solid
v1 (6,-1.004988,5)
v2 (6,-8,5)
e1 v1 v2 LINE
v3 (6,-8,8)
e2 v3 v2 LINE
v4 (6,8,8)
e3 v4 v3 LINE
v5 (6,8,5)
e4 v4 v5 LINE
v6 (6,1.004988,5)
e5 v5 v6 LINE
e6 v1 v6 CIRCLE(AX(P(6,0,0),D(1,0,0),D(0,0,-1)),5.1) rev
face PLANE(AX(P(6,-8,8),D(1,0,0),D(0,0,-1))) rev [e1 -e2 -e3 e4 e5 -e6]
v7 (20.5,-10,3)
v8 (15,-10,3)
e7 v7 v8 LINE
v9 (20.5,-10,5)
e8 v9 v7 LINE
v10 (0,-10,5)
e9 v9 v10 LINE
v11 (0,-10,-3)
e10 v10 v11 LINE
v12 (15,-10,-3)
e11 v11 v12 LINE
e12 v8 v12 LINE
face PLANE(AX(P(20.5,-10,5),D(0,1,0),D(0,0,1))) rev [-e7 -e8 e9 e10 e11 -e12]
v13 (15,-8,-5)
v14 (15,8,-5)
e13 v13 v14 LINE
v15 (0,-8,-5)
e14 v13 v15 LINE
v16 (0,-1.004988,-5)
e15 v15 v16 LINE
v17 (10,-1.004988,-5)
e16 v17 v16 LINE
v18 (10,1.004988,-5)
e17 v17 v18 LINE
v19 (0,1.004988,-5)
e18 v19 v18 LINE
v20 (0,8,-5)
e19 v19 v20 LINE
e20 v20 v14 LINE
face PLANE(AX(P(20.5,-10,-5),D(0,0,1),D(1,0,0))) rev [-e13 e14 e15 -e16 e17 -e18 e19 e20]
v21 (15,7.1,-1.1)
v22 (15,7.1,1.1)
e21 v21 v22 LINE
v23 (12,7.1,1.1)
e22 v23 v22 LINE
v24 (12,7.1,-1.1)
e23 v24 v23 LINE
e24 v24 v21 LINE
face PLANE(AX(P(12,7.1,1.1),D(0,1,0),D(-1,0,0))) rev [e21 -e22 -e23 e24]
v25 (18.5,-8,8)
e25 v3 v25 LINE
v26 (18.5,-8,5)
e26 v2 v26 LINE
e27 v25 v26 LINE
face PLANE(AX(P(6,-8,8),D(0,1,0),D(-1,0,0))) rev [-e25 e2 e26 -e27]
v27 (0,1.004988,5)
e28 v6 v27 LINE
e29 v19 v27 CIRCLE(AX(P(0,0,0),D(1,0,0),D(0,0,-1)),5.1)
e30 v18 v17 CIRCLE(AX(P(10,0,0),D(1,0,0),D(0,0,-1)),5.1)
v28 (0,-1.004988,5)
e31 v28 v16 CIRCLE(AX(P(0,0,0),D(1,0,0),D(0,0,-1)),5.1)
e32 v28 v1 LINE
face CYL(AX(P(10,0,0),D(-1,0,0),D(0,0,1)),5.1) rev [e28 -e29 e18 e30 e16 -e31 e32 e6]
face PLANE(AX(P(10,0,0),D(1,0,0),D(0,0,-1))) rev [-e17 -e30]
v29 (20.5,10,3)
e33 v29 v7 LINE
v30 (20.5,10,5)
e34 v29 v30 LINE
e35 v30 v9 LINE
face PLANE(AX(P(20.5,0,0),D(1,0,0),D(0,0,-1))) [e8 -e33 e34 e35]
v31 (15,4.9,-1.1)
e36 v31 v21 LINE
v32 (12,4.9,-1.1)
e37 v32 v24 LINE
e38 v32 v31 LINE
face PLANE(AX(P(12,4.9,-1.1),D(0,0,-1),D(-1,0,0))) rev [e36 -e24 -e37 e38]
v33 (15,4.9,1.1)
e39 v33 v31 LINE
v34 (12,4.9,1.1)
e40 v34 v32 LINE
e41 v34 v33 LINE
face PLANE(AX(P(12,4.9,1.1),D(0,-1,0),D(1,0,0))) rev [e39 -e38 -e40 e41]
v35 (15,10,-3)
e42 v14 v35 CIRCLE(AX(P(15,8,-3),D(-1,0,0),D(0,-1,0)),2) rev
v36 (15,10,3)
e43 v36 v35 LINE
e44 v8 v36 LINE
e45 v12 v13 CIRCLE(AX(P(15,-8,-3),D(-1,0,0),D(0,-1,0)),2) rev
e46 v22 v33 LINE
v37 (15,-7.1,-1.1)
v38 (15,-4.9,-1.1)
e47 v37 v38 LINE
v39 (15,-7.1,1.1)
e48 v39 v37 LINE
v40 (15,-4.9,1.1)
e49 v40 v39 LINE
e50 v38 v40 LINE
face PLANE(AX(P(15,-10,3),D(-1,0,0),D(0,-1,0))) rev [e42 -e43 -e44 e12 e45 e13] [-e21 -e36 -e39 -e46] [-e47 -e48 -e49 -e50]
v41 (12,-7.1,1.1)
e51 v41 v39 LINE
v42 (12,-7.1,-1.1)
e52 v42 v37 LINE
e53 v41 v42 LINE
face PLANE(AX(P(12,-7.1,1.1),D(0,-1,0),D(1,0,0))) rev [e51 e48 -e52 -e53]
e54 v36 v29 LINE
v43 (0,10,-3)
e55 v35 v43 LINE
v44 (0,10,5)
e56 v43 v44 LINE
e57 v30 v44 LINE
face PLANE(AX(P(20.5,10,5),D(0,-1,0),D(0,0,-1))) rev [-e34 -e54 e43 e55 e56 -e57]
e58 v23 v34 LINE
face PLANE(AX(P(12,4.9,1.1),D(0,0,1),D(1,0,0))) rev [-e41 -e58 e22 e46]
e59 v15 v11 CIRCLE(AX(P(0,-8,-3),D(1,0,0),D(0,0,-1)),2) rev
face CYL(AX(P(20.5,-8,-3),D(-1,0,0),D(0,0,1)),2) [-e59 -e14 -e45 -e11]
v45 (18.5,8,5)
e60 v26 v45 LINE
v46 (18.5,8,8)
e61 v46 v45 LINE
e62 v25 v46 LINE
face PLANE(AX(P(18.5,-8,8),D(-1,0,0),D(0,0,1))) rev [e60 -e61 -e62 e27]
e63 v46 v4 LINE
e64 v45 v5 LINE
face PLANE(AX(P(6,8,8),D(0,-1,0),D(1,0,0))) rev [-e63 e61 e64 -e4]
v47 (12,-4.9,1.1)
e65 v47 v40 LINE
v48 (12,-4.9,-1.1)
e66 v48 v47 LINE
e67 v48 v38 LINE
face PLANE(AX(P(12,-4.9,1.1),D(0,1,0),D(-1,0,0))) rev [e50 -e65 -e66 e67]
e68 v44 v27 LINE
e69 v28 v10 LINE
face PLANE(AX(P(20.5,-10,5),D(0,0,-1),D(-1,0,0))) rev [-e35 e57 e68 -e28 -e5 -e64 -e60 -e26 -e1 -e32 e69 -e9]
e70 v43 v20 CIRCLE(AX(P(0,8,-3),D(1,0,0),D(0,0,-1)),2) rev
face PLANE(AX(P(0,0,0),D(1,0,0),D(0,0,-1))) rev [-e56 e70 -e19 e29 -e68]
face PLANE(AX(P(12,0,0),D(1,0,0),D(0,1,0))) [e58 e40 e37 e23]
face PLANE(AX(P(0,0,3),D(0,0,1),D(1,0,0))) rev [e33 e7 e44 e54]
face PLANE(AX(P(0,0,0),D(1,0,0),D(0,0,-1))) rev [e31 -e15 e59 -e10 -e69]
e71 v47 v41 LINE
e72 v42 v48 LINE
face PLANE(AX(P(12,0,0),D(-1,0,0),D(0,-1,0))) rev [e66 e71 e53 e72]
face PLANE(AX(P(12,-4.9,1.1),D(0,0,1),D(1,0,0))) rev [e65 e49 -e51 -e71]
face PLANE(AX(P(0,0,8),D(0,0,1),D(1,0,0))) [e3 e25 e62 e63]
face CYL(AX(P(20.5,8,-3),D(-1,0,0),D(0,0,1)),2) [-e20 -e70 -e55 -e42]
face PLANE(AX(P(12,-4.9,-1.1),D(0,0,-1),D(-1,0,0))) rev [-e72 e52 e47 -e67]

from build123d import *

# Parameters (mm, degrees)
SKETCH1_W           = 20
SKETCH1_H           = 10
BOSS_EXTRUDE1_DEPTH = 20.5
SKETCH5_W           = 16
SKETCH5_H           = 12.5
BOSS_EXTRUDE2_DEPTH = 8
SKETCH2_R           = 5.1
CUT_EXTRUDE3_DEPTH  = 10
SKETCH6_W           = 5.5
SKETCH6_H           = 20
CUT_EXTRUDE4_DEPTH  = 8
SKETCH7_W           = 2.2
SKETCH7_H           = 2.2
CUT_EXTRUDE5_DEPTH  = 3
FILLET1_R           = 2


with BuildPart() as part:
    # Sketch1 → Boss-Extrude1 (new body)
    with BuildSketch(Plane.YZ):
        Rectangle(SKETCH1_W, SKETCH1_H)
    extrude(amount=BOSS_EXTRUDE1_DEPTH)

    # Sketch5 → Boss-Extrude2 (add)
    with BuildSketch(Plane(origin=(0, 0, 0), x_dir=(0, 1, 0), z_dir=(0, 0, 1))):
        with Locations((0, -12.25)):
            Rectangle(SKETCH5_W, SKETCH5_H)
    extrude(amount=BOSS_EXTRUDE2_DEPTH)

    # Sketch2 → Cut-Extrude3 (cut)
    with BuildSketch(Plane.YZ):
        Circle(SKETCH2_R)
    extrude(amount=CUT_EXTRUDE3_DEPTH, mode=Mode.SUBTRACT)

    # Sketch6 → Cut-Extrude4 (cut)
    with BuildSketch(Plane(origin=(0, 0, -5), x_dir=(1, 0, 0), z_dir=(0, 0, -1))):
        with Locations((17.75, 0)):
            Rectangle(SKETCH6_W, SKETCH6_H)
    extrude(amount=-CUT_EXTRUDE4_DEPTH, mode=Mode.SUBTRACT)

    # Sketch7 → Cut-Extrude5 (cut)
    with BuildSketch(Plane.YZ.offset(15)):
        with Locations((6, 0)):
            Rectangle(SKETCH7_W, SKETCH7_H)
        with Locations((-6, 0)):
            Rectangle(SKETCH7_W, SKETCH7_H)
    extrude(amount=-CUT_EXTRUDE5_DEPTH, mode=Mode.SUBTRACT)

    # Fillet1
    fillet1_edges = [part.edges().sort_by_distance(p)[0] for p in [
        (7.5, -10, -5),
        (7.5, 10, -5),
    ]]
    fillet(fillet1_edges, radius=FILLET1_R)


solid = part.part
